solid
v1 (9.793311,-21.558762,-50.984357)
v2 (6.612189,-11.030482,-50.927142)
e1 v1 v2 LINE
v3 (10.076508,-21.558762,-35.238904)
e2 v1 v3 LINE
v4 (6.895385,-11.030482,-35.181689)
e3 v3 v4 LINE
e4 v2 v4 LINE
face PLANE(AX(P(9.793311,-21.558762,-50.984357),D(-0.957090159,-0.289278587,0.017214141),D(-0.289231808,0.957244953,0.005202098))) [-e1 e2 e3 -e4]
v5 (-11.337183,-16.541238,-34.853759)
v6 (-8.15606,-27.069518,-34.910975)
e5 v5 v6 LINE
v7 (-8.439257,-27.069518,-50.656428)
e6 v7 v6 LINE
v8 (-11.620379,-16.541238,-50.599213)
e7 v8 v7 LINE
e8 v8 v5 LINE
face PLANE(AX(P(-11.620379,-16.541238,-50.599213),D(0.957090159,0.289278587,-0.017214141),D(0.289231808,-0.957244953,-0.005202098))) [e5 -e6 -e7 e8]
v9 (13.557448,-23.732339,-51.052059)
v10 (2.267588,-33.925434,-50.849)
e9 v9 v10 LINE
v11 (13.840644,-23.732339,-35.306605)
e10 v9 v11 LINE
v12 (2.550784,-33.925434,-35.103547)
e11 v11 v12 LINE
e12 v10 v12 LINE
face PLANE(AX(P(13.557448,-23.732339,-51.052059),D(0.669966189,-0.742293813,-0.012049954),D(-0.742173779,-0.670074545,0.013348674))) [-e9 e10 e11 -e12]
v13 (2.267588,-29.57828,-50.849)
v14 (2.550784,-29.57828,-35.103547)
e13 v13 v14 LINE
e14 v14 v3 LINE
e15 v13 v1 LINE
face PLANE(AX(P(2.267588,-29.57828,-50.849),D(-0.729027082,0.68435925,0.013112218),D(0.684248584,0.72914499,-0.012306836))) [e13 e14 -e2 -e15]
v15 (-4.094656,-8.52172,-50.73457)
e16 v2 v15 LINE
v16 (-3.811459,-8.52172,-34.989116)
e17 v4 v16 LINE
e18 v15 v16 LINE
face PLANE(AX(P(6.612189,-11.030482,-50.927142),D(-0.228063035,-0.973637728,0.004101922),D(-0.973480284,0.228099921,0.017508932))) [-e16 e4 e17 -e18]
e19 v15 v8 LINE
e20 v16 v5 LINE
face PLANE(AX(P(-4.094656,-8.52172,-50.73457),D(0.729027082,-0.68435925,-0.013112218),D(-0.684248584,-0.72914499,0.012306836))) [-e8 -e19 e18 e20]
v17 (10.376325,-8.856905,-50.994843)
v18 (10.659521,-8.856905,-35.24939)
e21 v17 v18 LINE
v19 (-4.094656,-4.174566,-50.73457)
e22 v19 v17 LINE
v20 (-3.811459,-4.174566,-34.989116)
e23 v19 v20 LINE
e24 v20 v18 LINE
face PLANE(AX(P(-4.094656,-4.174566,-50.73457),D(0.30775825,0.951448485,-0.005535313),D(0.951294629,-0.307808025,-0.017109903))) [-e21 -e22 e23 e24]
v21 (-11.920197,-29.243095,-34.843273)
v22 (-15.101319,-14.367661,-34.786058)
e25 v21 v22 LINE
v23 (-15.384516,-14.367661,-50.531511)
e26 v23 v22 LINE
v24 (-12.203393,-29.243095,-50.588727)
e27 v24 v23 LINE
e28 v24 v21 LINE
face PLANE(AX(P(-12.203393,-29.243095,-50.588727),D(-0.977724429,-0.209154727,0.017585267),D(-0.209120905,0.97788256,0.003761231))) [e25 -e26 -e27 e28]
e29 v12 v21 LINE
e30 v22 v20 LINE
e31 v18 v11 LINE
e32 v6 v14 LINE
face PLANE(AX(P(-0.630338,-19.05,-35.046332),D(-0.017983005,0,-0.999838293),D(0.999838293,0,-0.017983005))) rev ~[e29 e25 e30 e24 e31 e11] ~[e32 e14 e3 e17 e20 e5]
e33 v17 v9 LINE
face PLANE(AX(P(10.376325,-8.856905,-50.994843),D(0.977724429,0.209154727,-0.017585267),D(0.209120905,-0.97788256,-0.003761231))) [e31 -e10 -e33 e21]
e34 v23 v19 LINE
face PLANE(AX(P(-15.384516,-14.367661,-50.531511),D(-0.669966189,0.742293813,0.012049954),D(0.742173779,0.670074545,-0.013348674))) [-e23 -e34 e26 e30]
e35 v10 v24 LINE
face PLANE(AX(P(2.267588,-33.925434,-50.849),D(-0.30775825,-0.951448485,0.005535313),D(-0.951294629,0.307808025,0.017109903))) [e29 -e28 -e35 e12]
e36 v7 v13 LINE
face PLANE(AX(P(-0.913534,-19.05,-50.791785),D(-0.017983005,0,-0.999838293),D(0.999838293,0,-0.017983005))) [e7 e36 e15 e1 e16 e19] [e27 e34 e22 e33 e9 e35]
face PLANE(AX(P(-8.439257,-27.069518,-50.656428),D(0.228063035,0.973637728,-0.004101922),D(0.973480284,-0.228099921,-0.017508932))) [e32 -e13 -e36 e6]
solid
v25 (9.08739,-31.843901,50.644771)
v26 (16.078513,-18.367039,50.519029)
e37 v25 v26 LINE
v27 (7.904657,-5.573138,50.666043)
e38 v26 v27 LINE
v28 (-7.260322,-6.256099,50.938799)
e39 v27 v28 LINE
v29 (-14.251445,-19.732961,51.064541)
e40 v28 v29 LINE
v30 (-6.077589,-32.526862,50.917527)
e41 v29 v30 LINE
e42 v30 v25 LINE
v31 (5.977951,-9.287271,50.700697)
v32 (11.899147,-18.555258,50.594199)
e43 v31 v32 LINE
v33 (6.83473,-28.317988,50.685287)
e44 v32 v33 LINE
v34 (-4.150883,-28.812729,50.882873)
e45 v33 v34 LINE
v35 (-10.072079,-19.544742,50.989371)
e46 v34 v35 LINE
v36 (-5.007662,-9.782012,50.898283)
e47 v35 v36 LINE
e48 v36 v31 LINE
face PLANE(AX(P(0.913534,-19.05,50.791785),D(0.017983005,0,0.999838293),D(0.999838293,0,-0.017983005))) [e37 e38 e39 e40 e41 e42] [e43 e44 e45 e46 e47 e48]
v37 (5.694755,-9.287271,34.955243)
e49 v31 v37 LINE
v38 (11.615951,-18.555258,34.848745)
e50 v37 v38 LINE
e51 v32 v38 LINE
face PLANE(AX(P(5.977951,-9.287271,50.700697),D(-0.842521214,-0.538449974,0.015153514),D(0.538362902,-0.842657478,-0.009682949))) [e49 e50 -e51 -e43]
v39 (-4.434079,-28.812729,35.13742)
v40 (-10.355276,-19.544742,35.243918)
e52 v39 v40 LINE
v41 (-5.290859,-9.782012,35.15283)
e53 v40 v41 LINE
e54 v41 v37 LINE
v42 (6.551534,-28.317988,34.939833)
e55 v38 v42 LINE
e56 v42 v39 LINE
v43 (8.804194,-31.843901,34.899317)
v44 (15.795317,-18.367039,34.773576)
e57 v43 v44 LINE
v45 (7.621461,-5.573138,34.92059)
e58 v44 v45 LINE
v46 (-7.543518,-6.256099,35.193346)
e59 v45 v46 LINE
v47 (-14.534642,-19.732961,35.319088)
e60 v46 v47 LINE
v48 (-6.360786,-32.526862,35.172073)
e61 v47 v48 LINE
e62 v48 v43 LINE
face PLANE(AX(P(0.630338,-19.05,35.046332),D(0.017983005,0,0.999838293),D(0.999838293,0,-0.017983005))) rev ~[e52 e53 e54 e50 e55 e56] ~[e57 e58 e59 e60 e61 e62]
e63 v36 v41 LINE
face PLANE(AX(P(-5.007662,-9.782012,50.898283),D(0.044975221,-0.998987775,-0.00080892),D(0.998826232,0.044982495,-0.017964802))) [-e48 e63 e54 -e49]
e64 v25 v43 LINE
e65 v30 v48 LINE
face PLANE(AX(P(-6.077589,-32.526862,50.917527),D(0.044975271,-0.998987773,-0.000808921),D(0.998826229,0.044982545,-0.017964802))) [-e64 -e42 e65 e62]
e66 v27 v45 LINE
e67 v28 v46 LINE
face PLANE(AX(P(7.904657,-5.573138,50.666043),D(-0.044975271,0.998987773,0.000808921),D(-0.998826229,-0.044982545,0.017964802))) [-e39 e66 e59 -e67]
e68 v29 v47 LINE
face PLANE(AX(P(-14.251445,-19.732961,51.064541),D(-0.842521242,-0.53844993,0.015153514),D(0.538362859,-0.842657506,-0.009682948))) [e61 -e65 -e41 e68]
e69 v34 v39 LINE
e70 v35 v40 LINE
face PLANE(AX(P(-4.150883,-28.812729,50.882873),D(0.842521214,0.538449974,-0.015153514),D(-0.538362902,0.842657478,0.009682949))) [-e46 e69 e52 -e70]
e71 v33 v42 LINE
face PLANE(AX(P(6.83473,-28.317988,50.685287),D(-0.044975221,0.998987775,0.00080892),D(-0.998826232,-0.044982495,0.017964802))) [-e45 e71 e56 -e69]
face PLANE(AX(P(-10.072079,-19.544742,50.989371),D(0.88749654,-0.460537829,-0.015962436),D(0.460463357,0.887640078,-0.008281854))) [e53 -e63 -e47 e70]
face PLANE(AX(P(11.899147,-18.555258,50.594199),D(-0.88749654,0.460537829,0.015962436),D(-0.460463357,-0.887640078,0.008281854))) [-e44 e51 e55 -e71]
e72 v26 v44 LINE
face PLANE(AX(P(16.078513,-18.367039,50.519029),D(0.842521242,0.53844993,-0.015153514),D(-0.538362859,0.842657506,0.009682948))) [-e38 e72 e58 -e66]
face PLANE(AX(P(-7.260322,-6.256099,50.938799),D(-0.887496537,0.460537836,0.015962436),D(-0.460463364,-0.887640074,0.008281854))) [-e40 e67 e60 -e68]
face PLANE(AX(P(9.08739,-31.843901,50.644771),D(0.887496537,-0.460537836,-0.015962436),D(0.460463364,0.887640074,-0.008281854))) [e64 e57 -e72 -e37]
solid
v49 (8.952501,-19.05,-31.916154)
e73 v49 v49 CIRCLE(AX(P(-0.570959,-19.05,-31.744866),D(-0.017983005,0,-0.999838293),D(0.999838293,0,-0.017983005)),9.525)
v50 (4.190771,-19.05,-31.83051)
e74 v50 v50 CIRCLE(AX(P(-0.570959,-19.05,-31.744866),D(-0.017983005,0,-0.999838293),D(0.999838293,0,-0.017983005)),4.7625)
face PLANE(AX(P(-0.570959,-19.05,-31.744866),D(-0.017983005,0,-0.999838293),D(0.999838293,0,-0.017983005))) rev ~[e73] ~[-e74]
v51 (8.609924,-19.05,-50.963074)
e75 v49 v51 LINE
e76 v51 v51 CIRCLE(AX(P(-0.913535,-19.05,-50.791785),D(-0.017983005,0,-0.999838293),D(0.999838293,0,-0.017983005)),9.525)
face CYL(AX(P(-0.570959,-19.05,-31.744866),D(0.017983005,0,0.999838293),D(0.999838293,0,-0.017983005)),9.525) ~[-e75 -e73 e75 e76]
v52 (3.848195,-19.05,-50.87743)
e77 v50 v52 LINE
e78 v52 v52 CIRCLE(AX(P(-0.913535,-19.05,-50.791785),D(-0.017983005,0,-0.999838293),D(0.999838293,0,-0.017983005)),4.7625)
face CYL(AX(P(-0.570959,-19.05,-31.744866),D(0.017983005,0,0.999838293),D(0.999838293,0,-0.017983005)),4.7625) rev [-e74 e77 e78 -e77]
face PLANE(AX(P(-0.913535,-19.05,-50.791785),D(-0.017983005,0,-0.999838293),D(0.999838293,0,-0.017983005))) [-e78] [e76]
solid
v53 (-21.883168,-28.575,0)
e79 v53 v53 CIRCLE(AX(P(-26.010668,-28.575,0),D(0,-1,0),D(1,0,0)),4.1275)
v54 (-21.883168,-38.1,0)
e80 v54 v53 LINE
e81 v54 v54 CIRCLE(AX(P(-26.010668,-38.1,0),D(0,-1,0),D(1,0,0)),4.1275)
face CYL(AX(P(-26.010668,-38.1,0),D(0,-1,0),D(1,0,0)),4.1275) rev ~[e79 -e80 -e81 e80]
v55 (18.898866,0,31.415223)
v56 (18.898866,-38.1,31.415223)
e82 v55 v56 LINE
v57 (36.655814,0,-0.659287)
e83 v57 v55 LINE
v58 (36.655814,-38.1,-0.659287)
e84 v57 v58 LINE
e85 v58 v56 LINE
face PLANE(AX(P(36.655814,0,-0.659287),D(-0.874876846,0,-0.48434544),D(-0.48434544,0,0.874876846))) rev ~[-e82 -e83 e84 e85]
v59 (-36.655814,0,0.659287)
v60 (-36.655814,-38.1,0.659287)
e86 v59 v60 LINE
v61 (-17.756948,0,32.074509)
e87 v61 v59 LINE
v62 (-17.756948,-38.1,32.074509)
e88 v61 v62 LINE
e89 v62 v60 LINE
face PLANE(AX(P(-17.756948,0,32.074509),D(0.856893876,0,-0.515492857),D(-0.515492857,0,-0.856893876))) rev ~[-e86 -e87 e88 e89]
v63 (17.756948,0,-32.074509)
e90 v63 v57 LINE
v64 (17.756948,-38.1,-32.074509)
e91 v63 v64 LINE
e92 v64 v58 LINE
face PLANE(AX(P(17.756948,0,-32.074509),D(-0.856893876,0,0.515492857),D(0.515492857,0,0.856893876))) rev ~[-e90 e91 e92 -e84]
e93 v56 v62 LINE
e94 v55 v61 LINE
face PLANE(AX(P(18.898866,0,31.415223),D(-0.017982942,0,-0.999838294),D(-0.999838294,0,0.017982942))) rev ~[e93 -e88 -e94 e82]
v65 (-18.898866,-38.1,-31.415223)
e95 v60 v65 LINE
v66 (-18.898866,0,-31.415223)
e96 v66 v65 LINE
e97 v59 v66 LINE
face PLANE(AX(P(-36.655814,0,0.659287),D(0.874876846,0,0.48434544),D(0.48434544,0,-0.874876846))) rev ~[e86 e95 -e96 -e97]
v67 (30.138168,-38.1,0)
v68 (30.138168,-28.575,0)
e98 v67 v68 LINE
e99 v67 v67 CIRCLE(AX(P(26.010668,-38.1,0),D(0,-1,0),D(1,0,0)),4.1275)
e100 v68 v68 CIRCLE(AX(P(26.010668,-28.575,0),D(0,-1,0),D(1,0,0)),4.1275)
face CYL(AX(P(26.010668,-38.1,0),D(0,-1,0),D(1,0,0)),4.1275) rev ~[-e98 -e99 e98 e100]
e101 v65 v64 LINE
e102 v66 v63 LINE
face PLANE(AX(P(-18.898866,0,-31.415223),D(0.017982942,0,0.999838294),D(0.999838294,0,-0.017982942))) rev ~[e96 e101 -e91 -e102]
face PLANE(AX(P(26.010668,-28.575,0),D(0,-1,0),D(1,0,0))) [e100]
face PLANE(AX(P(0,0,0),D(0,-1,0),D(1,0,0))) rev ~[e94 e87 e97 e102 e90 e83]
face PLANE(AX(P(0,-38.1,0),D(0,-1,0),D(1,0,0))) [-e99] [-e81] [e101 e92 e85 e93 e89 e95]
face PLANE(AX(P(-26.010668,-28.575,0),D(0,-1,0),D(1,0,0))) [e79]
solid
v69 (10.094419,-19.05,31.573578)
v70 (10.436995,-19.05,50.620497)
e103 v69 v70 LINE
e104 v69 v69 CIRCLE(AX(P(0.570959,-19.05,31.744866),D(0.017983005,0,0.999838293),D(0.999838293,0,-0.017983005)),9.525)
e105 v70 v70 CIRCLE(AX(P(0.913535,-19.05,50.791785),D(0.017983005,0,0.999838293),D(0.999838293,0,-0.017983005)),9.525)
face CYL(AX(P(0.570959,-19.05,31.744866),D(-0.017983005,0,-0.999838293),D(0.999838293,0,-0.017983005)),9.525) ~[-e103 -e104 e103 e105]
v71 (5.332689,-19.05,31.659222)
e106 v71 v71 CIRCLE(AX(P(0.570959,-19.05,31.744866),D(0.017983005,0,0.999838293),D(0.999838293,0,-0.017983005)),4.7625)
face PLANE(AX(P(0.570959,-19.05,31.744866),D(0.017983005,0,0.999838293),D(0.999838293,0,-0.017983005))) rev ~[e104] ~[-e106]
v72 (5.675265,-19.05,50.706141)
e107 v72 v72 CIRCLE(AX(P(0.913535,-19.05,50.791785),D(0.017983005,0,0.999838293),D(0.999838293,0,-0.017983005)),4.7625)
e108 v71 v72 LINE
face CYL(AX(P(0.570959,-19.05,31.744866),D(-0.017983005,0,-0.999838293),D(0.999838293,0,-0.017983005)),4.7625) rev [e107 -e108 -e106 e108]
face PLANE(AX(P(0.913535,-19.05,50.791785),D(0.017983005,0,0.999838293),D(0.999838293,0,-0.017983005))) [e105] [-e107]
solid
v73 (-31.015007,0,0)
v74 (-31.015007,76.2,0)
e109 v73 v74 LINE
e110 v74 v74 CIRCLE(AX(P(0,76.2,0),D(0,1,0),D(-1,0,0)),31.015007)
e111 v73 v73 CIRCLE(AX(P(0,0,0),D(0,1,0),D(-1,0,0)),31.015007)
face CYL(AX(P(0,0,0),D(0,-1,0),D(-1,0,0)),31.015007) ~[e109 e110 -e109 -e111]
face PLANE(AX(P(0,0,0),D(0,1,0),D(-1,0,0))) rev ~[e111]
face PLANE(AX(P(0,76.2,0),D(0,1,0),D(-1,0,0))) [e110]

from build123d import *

# Parameters (mm, degrees)
F1_DEPTH  = 38.1
F2_R      = 9.525
F2_R_2    = 4.7625
F3_DEPTH  = 19.05
F5_DEPTH  = 15.748
F6_R      = 9.525
F6_R_2    = 4.7625
F7_DEPTH  = 19.05
F9_DEPTH  = 15.748
F10_R     = 31.015007
F11_DEPTH = 76.2
F12_R     = 4.1275
F13_DEPTH = 9.525


with BuildPart() as f1:
    # F0 (on Front) → F1 (new body)
    with BuildSketch(Plane.XZ):
        Polygon((17.756948, -32.074509), (36.655814, -0.659287), (18.898866, 31.415223), (-17.756948, 32.074509), (-36.655814, 0.659287), (-18.898866, -31.415223), align=None)
    extrude(amount=F1_DEPTH)

    # F12 (on face) → F13 (cut)
    with BuildSketch(Plane.XZ.offset(38.1)):
        with Locations((-26.010668, 0)):
            Circle(F12_R)
        with Locations((26.010668, 0)):
            Circle(F12_R)
    extrude(amount=-F13_DEPTH, mode=Mode.SUBTRACT)


with BuildPart() as f3:
    # F2 (on face) → F3 (new body)
    with BuildSketch(Plane(origin=(-0.570959, 0, -31.744866), x_dir=(0.999838, 0, -0.017983), z_dir=(-0.017983, 0, -0.999838))):
        with Locations((0, 19.05)):
            Circle(F2_R)
        with Locations((0, 19.05)):
            Circle(F2_R_2, mode=Mode.SUBTRACT)
    extrude(amount=F3_DEPTH)


with BuildPart() as f5:
    # F4 (on face) → F5 (new body)
    with BuildSketch(Plane(origin=(-0.913534, 0, -50.791785), x_dir=(0.999838, 0, -0.017983), z_dir=(-0.017983, 0, -0.999838))):
        Polygon((11.291685, 8.856905), (14.473322, 23.732339), (3.181636, 33.925434), (-11.291685, 29.243095), (-14.473322, 14.367661), (-3.181636, 4.174566), align=None)
        Polygon((3.181636, 29.57828), (10.708577, 21.558762), (7.52694, 11.030482), (-3.181636, 8.52172), (-10.708577, 16.541238), (-7.52694, 27.069518), align=None, mode=Mode.SUBTRACT)
    extrude(amount=-F5_DEPTH)


with BuildPart() as f7:
    # F6 (on face) → F7 (new body)
    with BuildSketch(Plane(origin=(0.570959, 0, 31.744866), x_dir=(0.999838, 0, -0.017983), z_dir=(0.017983, 0, 0.999838))):
        with Locations((0, -19.05)):
            Circle(F6_R)
        with Locations((0, -19.05)):
            Circle(F6_R_2, mode=Mode.SUBTRACT)
    extrude(amount=F7_DEPTH)


with BuildPart() as f9:
    # F8 (on face) → F9 (new body)
    with BuildSketch(Plane(origin=(0.913534, 0, 50.791785), x_dir=(0.999838, 0, -0.017983), z_dir=(0.017983, 0, 0.999838))):
        Polygon((8.175178, -31.843901), (15.167432, -18.367039), (6.992254, -5.573138), (-8.175178, -6.256099), (-15.167432, -19.732961), (-6.992254, -32.526862), align=None)
        Polygon((5.065236, -9.287271), (10.98739, -18.555258), (5.922154, -28.317988), (-5.065236, -28.812729), (-10.98739, -19.544742), (-5.922154, -9.782012), align=None, mode=Mode.SUBTRACT)
    extrude(amount=-F9_DEPTH)


with BuildPart() as f11:
    # F10 (on face) → F11 (new body)
    with BuildSketch(Plane(origin=(0, 0, 0), x_dir=(-1, 0, 0), z_dir=(0, 1, 0))):
        Circle(F10_R)
    extrude(amount=F11_DEPTH)


solid = Compound([f1.part, f3.part, f5.part, f7.part, f9.part, f11.part])
